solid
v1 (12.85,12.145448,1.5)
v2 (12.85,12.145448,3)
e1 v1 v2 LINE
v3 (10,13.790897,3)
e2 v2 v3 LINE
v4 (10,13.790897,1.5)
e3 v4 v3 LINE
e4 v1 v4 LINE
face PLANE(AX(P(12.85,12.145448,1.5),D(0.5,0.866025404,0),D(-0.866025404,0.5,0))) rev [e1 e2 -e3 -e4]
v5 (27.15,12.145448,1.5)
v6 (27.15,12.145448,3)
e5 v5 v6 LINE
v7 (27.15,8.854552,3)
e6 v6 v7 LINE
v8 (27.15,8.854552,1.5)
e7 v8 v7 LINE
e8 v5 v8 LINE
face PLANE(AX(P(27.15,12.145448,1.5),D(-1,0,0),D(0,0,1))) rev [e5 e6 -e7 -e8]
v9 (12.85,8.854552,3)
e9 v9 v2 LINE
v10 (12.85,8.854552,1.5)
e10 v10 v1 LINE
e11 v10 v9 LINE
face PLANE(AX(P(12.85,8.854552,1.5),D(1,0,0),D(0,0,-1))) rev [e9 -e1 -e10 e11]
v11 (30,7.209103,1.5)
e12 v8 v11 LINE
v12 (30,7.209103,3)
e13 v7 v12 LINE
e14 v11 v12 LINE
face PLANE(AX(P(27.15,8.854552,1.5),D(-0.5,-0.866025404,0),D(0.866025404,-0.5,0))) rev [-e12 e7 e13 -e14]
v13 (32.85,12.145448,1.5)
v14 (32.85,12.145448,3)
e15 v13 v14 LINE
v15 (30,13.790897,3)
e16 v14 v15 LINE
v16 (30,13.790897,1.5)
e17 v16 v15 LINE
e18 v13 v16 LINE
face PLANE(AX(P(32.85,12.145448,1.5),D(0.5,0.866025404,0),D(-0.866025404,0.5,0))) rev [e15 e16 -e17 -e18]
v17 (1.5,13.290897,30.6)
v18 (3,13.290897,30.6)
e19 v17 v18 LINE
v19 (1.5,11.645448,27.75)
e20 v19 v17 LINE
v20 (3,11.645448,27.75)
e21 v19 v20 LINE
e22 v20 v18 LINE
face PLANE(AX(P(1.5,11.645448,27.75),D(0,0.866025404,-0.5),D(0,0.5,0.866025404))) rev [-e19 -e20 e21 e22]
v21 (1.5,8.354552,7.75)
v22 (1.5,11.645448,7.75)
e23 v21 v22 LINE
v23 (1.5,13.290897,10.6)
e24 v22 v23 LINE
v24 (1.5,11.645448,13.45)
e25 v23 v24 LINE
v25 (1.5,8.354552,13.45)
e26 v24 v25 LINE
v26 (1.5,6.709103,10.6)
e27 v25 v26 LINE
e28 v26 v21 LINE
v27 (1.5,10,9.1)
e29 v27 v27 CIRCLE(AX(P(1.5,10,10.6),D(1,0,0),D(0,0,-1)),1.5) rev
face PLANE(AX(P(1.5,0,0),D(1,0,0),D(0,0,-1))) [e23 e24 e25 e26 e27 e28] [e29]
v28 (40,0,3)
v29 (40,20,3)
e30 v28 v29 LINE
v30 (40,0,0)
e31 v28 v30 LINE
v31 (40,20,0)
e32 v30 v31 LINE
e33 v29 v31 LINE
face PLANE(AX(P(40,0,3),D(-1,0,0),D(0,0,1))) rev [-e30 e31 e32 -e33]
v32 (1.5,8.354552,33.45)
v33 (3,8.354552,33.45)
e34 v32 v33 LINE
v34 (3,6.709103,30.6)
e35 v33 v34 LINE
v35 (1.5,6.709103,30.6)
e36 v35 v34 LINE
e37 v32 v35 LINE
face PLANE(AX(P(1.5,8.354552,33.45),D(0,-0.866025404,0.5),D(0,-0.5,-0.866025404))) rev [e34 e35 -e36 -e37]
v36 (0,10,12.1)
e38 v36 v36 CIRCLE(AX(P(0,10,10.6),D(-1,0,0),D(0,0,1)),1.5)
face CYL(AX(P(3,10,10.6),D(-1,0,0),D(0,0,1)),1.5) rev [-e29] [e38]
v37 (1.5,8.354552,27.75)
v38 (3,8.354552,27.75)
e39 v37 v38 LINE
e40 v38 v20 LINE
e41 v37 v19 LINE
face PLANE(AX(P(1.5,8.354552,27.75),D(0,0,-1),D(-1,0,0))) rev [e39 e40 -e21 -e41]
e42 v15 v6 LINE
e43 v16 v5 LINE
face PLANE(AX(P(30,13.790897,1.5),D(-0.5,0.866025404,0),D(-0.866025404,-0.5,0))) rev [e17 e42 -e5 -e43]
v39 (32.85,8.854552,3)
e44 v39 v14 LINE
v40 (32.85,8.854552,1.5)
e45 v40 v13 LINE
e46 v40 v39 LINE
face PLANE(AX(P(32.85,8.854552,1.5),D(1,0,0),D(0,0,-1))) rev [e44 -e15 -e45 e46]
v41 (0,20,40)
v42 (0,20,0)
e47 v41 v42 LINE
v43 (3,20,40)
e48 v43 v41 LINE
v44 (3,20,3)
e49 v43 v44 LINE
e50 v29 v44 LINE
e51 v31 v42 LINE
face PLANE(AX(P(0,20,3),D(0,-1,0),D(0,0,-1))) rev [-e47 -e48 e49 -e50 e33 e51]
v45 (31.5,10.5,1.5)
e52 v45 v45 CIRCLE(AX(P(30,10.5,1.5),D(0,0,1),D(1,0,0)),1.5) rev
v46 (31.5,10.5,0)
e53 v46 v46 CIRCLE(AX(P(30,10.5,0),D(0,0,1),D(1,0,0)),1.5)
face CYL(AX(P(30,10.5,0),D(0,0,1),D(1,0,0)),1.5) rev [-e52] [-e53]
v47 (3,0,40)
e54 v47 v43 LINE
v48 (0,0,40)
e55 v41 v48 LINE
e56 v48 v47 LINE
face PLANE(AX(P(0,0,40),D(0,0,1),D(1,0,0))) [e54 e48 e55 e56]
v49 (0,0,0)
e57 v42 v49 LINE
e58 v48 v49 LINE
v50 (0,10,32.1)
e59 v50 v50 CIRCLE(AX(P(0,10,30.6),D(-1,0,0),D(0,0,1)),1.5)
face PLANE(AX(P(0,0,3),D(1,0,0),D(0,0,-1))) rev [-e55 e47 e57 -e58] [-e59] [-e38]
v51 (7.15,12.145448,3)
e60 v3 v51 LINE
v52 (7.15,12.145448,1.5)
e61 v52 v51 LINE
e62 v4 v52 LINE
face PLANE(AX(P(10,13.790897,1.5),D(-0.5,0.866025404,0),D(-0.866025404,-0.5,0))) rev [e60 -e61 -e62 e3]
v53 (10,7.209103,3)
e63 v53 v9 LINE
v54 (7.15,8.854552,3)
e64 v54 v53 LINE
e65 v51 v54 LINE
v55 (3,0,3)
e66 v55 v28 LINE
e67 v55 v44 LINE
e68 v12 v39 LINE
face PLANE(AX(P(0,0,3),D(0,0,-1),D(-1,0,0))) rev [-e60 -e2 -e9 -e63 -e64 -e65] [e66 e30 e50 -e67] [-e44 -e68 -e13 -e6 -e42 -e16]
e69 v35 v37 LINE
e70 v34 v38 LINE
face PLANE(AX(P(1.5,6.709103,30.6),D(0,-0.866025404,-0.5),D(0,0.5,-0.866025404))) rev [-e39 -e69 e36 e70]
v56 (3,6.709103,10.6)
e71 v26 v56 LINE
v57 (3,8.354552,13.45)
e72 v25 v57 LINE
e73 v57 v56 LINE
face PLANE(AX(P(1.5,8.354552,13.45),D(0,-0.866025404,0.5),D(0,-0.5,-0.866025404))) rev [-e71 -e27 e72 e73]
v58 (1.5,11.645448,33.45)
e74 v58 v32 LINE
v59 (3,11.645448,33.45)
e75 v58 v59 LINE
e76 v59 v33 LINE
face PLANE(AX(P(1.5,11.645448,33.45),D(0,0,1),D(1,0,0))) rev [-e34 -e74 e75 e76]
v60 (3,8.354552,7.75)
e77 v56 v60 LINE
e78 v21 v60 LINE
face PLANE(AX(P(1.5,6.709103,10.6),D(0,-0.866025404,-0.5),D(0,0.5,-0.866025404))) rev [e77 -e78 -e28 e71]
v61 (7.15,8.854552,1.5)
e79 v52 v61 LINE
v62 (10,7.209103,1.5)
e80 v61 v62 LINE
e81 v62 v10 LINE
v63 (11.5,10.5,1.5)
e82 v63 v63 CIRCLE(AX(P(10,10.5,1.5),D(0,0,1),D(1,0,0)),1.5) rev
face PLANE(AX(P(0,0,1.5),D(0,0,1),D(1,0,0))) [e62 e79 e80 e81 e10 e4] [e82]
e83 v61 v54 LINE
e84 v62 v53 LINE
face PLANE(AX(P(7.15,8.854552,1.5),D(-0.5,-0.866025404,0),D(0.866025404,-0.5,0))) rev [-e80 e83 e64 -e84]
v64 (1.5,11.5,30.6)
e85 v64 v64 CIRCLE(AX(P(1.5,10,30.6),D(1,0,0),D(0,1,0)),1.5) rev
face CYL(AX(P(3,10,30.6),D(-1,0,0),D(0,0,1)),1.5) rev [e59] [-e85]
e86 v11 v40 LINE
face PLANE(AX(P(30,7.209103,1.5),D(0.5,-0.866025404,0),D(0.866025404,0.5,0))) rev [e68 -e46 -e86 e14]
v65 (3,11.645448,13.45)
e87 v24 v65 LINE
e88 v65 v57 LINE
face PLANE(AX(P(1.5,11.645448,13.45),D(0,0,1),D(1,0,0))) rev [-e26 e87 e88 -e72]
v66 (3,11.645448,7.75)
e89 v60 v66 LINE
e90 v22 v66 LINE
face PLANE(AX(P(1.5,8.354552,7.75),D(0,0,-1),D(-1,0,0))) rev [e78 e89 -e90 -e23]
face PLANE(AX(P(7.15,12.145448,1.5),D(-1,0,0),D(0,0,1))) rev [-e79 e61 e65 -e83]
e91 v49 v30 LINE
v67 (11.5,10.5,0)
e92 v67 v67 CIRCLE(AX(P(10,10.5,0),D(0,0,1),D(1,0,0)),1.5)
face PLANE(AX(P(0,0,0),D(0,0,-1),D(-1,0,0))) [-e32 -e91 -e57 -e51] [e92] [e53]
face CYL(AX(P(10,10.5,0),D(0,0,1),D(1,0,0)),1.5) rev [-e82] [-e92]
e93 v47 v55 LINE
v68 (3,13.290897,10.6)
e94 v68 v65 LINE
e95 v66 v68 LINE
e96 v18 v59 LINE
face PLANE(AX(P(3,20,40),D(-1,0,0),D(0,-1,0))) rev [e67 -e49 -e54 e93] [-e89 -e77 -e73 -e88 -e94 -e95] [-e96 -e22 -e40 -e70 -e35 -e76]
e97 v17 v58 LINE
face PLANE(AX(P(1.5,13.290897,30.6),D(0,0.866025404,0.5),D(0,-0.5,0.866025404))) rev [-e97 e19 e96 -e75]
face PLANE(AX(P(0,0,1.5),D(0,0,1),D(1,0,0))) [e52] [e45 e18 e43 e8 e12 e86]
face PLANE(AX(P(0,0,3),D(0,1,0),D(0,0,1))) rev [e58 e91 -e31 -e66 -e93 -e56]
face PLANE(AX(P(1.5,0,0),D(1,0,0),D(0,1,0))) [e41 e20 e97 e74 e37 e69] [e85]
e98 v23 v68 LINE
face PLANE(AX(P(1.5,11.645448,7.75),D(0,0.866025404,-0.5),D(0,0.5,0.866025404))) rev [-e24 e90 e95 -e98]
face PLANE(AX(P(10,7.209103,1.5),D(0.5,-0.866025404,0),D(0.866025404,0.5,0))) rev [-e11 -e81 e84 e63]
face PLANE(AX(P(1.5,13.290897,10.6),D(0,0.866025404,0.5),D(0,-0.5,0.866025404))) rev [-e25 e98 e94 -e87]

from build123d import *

# Parameters (mm, degrees)
ESQUISSE1_W             = 40
ESQUISSE1_H             = 20
BOSS_EXTRU_1_DEPTH      = 3
ESQUISSE2_R             = 1.5
ENL_V_MAT_EXTRU_1_DEPTH = 3
ESQUISSE3_W             = 3
ESQUISSE3_H             = 20
BOSS_EXTRU_2_DEPTH      = 37
ESQUISSE4_R             = 1.5
ENL_V_MAT_EXTRU_2_DEPTH = 3
ENL_V_MAT_EXTRU_3_DEPTH = 1.5
ENL_V_MAT_EXTRU_4_DEPTH = 1.5


with BuildPart() as part:
    # Esquisse1 → Boss.-Extru.1 (new body)
    with BuildSketch(Plane.XY):
        with Locations((20, 10)):
            Rectangle(ESQUISSE1_W, ESQUISSE1_H)
    extrude(amount=BOSS_EXTRU_1_DEPTH)

    # Esquisse2 → Enlèv. mat.-Extru.1 (cut)
    with BuildSketch(Plane.XY.offset(3)):
        with Locations((10, 10.5)):
            Circle(ESQUISSE2_R)
        with Locations((30, 10.5)):
            Circle(ESQUISSE2_R)
    extrude(amount=-ENL_V_MAT_EXTRU_1_DEPTH, mode=Mode.SUBTRACT)

    # Esquisse3 → Boss.-Extru.2 (add)
    with BuildSketch(Plane.XY.offset(3)):
        with Locations((1.5, 10)):
            Rectangle(ESQUISSE3_W, ESQUISSE3_H)
    extrude(amount=BOSS_EXTRU_2_DEPTH)

    # Esquisse4 → Enlèv. mat.-Extru.2 (cut)
    with BuildSketch(Plane.ZY):
        with Locations((10.6, 10)):
            Circle(ESQUISSE4_R)
        with Locations((30.6, 10)):
            Circle(ESQUISSE4_R)
    extrude(amount=-ENL_V_MAT_EXTRU_2_DEPTH, mode=Mode.SUBTRACT)

    # Esquisse5 → Enlèv. mat.-Extru.3 (cut)
    with BuildSketch(Plane(origin=(3, 0, 0), x_dir=(0, 0, -1), z_dir=(1, 0, 0))):
        Polygon((-13.45, 8.354551733), (-10.6, 6.709103466), (-7.75, 8.354551733), (-7.75, 11.645448267), (-10.6, 13.290896534), (-13.45, 11.645448267), align=None)
        Polygon((-30.6, 6.709103466), (-27.75, 8.354551733), (-27.75, 11.645448267), (-30.6, 13.290896534), (-33.45, 11.645448267), (-33.45, 8.354551733), align=None)
    extrude(amount=-ENL_V_MAT_EXTRU_3_DEPTH, mode=Mode.SUBTRACT)

    # Esquisse6 → Enlèv. mat.-Extru.4 (cut)
    with BuildSketch(Plane.XY.offset(3)):
        Polygon((27.15, 8.854551733), (30, 7.209103466), (32.85, 8.854551733), (32.85, 12.145448267), (30, 13.790896534), (27.15, 12.145448267), align=None)
        Polygon((10, 7.209103466), (12.85, 8.854551733), (12.85, 12.145448267), (10, 13.790896534), (7.15, 12.145448267), (7.15, 8.854551733), align=None)
    extrude(amount=-ENL_V_MAT_EXTRU_4_DEPTH, mode=Mode.SUBTRACT)


solid = part.part
